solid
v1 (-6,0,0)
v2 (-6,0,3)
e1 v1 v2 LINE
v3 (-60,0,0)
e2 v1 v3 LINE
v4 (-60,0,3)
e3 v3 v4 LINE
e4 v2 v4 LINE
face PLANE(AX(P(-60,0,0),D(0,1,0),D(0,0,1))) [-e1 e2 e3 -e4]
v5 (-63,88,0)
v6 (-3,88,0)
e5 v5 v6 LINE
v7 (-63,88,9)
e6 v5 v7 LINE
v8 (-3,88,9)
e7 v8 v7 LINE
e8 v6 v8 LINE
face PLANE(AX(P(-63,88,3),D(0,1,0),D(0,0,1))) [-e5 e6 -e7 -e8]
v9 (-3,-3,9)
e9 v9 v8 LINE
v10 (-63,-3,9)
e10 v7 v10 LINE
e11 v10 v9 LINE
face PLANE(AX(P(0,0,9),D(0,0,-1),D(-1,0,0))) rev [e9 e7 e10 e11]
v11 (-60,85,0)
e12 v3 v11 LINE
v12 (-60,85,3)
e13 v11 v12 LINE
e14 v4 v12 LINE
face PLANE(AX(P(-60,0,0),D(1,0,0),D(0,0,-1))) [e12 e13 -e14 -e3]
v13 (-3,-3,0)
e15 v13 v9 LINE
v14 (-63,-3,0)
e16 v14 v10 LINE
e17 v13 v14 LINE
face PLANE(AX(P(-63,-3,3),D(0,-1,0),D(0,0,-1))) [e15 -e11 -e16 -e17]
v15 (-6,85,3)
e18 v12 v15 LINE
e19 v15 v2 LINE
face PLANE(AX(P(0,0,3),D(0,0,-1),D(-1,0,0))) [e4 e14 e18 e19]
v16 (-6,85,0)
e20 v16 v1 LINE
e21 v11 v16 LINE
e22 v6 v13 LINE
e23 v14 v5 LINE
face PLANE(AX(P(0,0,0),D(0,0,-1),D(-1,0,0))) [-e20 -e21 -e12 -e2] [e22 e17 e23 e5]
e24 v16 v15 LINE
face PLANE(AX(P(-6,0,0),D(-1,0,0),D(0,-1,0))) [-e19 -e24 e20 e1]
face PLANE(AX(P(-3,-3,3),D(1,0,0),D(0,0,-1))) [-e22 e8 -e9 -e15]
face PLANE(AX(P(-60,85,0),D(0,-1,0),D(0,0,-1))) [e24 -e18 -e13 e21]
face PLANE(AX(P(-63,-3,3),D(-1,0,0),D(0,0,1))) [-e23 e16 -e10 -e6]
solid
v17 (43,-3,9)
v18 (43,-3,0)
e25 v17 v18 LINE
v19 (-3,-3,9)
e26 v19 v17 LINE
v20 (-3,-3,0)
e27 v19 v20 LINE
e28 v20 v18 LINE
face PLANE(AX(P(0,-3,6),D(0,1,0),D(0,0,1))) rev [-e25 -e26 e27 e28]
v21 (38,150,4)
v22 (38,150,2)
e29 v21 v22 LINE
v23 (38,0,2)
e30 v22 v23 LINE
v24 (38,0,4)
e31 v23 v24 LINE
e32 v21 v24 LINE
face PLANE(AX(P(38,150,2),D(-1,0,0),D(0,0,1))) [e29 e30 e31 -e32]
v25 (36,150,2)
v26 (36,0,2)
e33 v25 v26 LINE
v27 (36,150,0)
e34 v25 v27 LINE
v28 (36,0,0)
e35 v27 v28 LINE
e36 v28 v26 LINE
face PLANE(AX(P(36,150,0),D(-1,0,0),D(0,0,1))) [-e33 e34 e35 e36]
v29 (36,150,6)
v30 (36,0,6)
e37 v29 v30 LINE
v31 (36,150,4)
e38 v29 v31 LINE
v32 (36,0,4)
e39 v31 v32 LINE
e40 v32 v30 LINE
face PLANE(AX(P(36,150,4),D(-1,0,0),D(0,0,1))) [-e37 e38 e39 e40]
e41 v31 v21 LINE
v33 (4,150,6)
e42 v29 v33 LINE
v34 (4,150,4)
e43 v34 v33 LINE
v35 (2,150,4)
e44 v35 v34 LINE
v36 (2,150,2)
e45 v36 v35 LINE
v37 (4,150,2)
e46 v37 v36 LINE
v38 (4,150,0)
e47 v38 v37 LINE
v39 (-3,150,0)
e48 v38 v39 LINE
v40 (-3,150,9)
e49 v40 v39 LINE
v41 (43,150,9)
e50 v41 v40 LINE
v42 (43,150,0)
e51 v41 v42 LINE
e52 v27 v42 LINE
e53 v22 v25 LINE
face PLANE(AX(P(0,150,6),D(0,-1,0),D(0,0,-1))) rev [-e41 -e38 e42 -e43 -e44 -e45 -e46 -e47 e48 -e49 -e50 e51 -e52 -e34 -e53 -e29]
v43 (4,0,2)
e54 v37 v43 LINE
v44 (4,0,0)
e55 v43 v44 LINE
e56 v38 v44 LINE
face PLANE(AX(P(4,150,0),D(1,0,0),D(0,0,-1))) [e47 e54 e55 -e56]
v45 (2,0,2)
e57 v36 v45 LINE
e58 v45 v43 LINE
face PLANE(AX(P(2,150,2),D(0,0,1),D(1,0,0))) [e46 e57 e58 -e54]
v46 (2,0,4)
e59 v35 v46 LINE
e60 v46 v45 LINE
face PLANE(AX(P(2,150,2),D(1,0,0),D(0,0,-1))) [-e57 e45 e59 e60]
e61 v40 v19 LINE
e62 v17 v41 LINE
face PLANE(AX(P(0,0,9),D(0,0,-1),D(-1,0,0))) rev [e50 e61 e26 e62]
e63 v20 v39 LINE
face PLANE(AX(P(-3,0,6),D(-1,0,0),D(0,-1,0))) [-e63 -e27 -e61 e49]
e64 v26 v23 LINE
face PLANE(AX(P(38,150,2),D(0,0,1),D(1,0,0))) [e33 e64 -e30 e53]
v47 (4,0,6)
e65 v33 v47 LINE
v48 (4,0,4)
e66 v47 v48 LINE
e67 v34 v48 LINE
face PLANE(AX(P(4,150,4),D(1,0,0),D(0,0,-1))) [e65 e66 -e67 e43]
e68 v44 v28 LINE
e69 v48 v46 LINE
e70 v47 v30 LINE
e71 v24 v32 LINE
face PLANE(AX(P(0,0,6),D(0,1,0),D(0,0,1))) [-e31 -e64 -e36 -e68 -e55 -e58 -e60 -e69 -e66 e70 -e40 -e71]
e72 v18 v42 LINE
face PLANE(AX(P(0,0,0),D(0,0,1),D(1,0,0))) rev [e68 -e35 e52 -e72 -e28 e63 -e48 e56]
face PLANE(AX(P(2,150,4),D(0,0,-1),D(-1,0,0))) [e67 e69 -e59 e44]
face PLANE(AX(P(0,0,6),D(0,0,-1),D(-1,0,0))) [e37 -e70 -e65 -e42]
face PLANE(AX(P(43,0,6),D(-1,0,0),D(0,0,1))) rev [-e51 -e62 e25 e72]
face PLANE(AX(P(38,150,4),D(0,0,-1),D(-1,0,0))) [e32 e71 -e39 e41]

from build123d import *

# Parameters (mm, degrees)
P_IDAT_VYSUNUT_M1_DEPTH = 6
SKICA2_W                = 46
SKICA2_H                = 153
P_IDAT_VYSUNUT_M2_DEPTH = 3
SKICA5_W                = 60
SKICA5_H                = 91
P_IDAT_VYSUNUT_M4_DEPTH = 6
SKICA7_W                = 60
SKICA7_H                = 91
SKICA7_W_2              = 54
SKICA7_H_2              = 85
P_IDAT_VYSUNUT_M5_DEPTH = 3
P_IDAT_VYSUNUT_M6_DEPTH = 153


with BuildPart() as part:
    # Skica1 → Přidat vysunutím1 (new body)
    with BuildSketch(Plane.XY):
        Polygon((40, -3), (43, -3), (43, 150), (40, 150), (40, 0), (0, 0), (0, 150), (-3, 150), (-3, -3), (0, -3), align=None)
    extrude(amount=P_IDAT_VYSUNUT_M1_DEPTH)

    # Skica2 → Přidat vysunutím2 (add)
    with BuildSketch(Plane.XY.offset(6)):
        with Locations((20, 73.5)):
            Rectangle(SKICA2_W, SKICA2_H)
    extrude(amount=P_IDAT_VYSUNUT_M2_DEPTH)

    # Skica3 → Přidat vysunutím6 (add, through all)
    with BuildSketch(Plane.XZ.offset(3)):
        Polygon((0, 0), (4, 0), (4, 2), (2, 2), (2, 4), (4, 4), (4, 6), (0, 6), align=None)
        Polygon((40, 0), (36, 0), (36, 2), (38, 2), (38, 4), (36, 4), (36, 6), (40, 6), align=None)
    extrude(amount=-P_IDAT_VYSUNUT_M6_DEPTH)


with BuildPart() as body_2:
    # Skica5 → Přidat vysunutím4 (new body)
    with BuildSketch(Plane.XY.offset(9)):
        with Locations((-33, 42.5)):
            Rectangle(SKICA5_W, SKICA5_H)
    extrude(amount=-P_IDAT_VYSUNUT_M4_DEPTH)

    # Skica7 → Přidat vysunutím5 (add, through all)
    with BuildSketch(Plane(origin=(0, 0, 3), x_dir=(-1, 0, 0), z_dir=(0, 0, -1))):
        with Locations((33, 42.5)):
            Rectangle(SKICA7_W, SKICA7_H)
        with Locations((33, 42.5)):
            Rectangle(SKICA7_W_2, SKICA7_H_2, mode=Mode.SUBTRACT)
    extrude(amount=P_IDAT_VYSUNUT_M5_DEPTH)


solid = Compound([part.part, body_2.part])
